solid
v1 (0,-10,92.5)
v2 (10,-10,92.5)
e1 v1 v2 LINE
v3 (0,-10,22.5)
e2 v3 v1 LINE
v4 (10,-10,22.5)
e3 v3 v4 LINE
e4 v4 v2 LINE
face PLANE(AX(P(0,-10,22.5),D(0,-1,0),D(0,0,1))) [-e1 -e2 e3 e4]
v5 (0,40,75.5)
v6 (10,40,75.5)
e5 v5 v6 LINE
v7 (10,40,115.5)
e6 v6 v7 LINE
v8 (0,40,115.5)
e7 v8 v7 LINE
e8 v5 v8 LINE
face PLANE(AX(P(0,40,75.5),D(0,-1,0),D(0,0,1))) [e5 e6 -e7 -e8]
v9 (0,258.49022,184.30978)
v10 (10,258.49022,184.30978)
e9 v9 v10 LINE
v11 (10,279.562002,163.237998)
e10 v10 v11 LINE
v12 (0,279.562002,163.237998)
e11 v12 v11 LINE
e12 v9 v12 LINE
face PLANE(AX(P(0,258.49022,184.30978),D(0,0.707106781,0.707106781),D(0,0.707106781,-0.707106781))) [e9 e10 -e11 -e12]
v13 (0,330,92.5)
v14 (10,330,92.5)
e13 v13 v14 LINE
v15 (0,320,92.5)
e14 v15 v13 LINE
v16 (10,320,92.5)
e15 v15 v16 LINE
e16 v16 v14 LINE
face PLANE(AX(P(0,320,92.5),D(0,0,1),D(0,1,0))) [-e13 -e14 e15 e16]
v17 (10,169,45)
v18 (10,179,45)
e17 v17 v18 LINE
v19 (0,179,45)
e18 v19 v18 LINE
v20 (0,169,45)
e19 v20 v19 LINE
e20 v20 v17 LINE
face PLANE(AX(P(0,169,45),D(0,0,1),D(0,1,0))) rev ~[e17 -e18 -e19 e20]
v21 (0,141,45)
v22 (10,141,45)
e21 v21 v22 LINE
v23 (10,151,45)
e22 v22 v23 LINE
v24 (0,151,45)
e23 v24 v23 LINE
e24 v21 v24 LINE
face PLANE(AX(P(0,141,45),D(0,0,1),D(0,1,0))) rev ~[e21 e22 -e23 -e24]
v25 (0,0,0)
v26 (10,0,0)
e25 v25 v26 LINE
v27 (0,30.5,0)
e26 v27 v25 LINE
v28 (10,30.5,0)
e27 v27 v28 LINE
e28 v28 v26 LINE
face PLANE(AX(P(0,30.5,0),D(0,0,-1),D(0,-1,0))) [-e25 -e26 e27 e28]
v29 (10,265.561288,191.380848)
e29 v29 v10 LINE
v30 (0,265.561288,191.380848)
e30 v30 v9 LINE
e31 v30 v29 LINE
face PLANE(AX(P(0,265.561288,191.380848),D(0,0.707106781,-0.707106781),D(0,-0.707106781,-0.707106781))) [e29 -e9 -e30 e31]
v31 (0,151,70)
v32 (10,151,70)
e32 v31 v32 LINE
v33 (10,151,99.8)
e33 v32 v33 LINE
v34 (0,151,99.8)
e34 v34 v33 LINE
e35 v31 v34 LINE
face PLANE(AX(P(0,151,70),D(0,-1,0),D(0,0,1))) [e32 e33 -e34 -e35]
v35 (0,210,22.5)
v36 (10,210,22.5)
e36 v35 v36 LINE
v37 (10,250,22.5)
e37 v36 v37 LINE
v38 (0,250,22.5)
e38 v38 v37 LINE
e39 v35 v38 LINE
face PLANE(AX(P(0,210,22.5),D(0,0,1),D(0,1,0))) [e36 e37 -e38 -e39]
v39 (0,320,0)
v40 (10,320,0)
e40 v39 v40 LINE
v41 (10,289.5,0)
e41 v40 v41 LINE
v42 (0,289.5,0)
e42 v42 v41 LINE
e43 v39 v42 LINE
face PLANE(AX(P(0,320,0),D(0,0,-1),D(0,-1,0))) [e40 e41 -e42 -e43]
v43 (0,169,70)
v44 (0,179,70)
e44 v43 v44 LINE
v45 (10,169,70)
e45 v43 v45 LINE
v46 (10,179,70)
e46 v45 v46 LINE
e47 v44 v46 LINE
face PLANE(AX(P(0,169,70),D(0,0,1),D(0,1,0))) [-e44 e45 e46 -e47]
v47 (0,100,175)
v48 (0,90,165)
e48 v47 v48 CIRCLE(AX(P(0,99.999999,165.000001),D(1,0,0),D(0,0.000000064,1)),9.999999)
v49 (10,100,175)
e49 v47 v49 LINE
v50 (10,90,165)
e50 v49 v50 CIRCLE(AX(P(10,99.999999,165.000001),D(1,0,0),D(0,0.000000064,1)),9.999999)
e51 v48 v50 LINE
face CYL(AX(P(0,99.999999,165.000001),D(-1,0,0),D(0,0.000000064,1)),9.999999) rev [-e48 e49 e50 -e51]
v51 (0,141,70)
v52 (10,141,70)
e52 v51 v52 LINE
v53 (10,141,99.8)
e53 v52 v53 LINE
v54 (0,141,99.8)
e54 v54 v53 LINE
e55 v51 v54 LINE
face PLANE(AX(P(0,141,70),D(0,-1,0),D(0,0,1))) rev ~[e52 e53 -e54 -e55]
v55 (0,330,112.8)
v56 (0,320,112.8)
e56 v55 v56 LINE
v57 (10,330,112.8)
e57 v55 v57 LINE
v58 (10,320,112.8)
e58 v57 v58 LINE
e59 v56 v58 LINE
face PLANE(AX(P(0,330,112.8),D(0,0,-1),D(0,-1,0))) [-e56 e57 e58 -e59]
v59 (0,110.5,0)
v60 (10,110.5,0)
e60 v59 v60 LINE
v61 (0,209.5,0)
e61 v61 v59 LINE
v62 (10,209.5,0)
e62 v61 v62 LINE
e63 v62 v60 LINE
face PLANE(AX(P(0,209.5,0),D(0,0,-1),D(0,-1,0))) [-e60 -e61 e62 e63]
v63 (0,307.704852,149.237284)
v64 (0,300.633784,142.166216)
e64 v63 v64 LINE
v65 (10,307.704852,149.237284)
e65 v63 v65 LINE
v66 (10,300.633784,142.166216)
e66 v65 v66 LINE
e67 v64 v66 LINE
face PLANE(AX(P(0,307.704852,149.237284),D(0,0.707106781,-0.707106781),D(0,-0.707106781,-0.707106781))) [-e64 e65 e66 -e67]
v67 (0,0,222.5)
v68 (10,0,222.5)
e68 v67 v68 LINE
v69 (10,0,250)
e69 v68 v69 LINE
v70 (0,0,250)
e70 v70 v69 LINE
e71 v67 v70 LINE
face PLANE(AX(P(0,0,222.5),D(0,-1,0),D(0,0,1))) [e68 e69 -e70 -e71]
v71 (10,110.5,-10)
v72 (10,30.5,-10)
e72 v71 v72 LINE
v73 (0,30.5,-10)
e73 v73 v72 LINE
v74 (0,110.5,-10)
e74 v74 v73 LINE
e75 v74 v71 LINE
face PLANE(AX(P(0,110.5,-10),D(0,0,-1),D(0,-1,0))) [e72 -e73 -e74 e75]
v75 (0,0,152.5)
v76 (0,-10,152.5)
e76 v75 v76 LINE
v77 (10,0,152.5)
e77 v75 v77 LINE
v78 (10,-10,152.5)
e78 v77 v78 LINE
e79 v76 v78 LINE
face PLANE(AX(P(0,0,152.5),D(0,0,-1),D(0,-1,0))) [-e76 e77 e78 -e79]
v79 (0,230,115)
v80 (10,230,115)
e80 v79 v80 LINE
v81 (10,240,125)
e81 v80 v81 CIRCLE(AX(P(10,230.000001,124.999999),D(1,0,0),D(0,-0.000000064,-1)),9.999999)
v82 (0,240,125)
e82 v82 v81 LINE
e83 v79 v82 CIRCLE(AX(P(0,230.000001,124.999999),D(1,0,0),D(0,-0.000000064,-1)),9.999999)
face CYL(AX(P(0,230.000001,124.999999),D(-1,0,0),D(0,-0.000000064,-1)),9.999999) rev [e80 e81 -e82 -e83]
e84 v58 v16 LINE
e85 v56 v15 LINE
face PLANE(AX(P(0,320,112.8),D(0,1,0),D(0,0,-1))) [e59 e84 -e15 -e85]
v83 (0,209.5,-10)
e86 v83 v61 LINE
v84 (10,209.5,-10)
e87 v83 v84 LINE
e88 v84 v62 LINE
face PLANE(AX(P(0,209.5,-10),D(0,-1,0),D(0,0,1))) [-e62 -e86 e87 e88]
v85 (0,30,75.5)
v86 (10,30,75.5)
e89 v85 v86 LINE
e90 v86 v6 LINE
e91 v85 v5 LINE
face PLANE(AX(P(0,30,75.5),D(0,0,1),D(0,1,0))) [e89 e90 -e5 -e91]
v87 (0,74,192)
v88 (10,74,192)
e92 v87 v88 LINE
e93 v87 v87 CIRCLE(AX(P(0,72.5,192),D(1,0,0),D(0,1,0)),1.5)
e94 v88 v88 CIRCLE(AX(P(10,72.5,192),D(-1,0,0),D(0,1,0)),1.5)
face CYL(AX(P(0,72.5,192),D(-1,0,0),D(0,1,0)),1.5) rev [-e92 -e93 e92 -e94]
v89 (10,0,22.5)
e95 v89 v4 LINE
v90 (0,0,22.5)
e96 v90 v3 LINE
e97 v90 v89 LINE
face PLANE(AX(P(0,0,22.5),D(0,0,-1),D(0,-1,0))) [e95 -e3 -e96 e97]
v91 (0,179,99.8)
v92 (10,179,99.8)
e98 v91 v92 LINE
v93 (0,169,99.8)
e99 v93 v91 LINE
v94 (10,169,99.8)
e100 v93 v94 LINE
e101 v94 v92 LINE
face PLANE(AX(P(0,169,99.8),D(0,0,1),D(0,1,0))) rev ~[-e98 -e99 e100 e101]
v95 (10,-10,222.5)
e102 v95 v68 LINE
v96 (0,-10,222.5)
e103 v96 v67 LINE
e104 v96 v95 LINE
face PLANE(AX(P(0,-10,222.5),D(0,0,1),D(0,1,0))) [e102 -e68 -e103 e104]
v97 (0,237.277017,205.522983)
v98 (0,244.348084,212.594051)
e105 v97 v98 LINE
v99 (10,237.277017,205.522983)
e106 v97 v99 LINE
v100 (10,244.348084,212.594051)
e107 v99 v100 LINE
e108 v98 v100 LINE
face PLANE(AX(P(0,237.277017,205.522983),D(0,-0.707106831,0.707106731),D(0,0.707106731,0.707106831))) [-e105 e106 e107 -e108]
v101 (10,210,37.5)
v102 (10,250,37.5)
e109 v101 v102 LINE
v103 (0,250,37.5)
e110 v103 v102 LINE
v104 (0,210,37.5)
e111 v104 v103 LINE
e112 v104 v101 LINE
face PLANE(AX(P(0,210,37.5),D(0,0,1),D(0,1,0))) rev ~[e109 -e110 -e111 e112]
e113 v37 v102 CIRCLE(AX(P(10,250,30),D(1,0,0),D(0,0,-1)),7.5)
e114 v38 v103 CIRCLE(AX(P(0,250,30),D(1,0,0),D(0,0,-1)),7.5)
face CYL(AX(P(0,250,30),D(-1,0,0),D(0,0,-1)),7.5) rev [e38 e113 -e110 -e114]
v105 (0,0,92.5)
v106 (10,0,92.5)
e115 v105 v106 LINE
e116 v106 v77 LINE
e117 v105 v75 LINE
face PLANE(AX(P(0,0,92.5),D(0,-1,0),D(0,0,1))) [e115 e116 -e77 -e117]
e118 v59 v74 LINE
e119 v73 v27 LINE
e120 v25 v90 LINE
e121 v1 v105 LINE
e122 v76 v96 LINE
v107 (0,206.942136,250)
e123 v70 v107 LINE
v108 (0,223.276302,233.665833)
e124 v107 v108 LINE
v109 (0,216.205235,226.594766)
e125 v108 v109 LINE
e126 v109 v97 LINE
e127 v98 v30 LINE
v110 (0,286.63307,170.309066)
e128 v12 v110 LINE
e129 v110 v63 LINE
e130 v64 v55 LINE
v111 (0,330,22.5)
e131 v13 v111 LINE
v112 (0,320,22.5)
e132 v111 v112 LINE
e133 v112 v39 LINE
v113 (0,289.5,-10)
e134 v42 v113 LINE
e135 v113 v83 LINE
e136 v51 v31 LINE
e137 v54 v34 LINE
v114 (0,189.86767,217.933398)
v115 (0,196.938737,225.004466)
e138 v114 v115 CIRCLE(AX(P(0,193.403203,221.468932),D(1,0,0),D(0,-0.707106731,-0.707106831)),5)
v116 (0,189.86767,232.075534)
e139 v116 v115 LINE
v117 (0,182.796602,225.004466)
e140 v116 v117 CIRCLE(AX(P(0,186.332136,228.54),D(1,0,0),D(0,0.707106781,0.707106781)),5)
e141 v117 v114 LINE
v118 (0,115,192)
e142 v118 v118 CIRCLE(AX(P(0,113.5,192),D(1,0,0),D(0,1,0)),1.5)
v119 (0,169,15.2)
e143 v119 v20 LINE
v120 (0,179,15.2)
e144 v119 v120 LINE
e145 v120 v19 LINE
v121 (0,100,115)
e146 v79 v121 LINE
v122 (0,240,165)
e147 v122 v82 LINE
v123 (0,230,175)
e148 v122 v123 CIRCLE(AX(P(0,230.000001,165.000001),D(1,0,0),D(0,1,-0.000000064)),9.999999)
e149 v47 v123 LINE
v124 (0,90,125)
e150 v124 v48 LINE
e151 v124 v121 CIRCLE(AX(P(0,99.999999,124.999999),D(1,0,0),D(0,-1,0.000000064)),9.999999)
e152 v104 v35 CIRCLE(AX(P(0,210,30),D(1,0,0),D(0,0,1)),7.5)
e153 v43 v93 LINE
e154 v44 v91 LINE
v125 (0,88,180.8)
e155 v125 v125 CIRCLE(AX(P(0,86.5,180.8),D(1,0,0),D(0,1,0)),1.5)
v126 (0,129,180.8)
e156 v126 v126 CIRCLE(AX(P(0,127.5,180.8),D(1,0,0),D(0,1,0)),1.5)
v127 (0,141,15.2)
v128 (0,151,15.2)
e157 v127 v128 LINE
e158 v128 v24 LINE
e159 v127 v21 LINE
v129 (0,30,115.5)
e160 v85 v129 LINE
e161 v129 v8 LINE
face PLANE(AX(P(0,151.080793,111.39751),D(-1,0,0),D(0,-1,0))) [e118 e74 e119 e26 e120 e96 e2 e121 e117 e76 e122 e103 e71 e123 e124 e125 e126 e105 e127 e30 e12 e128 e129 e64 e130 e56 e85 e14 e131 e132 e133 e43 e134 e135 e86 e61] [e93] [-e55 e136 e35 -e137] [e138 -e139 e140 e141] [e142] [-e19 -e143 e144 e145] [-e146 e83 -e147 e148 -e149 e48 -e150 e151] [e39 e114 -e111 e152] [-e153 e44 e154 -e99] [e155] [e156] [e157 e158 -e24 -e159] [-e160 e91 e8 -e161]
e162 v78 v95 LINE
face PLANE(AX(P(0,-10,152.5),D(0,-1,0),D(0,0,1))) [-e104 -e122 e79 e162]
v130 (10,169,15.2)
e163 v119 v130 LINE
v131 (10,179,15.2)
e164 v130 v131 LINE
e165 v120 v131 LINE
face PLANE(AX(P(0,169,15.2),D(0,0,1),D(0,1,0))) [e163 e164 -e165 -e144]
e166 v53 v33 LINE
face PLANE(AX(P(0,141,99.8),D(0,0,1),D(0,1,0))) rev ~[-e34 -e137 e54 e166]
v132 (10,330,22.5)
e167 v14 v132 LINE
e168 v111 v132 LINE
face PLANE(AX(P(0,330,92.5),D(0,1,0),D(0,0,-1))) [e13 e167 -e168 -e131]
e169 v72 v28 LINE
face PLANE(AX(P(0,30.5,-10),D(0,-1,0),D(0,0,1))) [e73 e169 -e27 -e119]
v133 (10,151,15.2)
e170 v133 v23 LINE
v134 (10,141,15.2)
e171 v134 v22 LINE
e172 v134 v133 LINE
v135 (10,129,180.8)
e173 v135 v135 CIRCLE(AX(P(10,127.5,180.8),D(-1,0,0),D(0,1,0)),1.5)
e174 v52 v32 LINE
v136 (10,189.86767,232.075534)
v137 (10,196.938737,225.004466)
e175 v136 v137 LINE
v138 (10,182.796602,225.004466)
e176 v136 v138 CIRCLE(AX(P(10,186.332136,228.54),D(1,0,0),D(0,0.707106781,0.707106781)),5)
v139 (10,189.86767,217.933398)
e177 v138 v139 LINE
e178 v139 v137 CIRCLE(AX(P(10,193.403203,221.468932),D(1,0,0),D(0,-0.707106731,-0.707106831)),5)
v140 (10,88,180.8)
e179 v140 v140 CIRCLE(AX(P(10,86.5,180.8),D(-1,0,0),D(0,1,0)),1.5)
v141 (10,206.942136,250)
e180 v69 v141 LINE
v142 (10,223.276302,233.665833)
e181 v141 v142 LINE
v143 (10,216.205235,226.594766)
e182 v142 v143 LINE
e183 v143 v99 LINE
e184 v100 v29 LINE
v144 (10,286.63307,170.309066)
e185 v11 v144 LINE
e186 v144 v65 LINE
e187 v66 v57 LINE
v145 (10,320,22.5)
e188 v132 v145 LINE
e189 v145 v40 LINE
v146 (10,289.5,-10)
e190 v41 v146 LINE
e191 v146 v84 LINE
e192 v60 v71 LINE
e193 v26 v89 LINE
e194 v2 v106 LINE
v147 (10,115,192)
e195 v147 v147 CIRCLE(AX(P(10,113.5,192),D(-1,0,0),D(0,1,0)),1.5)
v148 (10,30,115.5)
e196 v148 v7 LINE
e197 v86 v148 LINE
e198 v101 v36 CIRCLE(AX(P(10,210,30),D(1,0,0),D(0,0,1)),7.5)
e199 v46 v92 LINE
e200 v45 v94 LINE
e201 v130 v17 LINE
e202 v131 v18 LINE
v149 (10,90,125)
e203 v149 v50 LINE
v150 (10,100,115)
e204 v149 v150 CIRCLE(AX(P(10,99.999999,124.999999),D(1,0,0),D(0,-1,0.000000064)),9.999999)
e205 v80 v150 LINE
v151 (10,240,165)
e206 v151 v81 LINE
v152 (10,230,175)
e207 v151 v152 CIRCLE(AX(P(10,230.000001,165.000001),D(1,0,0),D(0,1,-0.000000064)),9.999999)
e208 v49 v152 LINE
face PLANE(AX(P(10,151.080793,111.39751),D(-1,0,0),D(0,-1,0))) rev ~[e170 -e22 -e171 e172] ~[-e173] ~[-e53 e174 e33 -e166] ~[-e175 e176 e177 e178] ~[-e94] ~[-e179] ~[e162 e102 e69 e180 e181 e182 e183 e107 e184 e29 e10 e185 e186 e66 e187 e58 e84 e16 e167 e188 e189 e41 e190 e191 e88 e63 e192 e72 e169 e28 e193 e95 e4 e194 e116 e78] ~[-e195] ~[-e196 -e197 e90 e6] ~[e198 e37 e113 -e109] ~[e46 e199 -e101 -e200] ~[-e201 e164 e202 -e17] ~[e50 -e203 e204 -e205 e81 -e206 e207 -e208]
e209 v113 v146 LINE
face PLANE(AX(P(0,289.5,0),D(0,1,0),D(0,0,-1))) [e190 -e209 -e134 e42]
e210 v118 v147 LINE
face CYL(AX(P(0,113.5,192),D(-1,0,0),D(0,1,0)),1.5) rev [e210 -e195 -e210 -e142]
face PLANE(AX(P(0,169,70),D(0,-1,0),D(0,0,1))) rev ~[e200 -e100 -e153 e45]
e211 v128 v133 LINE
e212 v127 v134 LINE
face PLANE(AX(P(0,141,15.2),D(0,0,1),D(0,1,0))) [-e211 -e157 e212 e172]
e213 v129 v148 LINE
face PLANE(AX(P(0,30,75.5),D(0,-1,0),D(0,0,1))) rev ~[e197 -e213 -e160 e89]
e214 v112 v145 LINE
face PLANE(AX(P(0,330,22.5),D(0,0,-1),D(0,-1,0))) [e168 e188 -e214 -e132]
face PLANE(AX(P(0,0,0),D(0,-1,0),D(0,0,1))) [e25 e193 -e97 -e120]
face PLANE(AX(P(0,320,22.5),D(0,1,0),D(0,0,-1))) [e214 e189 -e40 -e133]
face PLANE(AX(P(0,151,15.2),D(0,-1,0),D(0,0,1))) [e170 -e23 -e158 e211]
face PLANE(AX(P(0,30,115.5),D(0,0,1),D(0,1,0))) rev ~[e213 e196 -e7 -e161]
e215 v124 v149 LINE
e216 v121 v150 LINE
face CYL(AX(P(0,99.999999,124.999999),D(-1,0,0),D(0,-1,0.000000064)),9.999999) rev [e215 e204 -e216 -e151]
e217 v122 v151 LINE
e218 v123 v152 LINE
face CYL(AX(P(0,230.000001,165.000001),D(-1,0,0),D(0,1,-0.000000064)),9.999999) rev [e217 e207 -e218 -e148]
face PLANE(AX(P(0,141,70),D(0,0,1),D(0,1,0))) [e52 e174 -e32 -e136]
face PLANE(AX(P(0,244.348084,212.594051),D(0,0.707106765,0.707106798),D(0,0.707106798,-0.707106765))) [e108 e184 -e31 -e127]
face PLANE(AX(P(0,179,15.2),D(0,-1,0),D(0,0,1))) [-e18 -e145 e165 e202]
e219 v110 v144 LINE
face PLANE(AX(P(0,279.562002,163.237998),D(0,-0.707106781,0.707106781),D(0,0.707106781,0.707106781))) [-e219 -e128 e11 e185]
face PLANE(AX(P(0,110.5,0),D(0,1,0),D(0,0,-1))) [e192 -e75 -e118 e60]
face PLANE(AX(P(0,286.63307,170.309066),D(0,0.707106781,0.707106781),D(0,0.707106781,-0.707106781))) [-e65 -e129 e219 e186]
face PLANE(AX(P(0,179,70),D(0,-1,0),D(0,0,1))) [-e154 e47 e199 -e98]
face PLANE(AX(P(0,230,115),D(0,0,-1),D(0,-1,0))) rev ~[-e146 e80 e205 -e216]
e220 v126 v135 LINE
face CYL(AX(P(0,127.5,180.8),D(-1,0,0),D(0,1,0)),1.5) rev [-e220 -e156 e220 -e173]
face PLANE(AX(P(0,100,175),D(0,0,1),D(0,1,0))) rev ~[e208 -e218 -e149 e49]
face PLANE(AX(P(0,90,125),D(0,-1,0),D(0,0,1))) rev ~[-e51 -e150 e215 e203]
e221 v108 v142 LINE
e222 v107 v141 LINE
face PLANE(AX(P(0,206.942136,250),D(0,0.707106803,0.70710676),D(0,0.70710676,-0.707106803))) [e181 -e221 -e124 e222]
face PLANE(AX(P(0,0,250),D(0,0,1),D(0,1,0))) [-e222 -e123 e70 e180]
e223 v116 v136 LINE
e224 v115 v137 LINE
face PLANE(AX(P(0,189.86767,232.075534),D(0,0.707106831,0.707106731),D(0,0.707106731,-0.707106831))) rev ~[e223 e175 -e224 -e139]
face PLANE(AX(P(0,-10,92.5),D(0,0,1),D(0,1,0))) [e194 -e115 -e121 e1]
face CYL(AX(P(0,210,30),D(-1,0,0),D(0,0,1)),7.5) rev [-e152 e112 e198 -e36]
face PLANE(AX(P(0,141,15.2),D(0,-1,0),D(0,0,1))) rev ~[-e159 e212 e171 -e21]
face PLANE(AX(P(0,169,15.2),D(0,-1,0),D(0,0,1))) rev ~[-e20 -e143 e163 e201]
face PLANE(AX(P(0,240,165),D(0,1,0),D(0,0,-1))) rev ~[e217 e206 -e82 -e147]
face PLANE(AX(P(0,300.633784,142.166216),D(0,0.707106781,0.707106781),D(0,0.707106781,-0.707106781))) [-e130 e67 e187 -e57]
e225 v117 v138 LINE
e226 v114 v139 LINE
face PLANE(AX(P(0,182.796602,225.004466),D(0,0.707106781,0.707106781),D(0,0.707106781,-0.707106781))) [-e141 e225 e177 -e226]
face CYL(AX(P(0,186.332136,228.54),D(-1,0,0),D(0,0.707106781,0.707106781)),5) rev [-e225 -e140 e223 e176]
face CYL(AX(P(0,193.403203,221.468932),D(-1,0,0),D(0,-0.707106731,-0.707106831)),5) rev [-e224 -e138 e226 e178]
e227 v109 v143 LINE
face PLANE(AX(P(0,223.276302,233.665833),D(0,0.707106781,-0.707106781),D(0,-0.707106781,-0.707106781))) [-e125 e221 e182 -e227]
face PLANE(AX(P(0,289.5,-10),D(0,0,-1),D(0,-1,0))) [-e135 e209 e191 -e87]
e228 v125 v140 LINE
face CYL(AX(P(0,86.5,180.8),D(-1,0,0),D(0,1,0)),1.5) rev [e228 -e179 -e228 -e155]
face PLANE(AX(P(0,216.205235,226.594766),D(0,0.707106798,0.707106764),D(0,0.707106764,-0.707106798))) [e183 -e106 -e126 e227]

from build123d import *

# Parameters (mm, degrees)
SKETCH_W     = 10
SKETCH_H     = 40
SKETCH_H_2   = 29.8
PAD_DEPTH    = 10
SKETCH001_R  = 1.5
POCKET_DEPTH = 10.001


with BuildPart() as part:
    # Sketch → Pad (new body)
    with BuildSketch(Plane.YZ):
        Polygon((0, 0), (0, 22.5), (-10, 22.5), (-10, 92.5), (0, 92.5), (0, 152.5), (-10, 152.5), (-10, 222.5), (0, 222.5), (0, 250), (206.942136, 250), (223.276302, 233.665833), (216.205235, 226.594766), (237.277017, 205.522983), (244.348084, 212.594051), (265.561288, 191.380848), (258.49022, 184.30978), (279.562002, 163.237998), (286.63307, 170.309066), (307.704852, 149.237284), (300.633784, 142.166216), (330, 112.8), (320, 112.8), (320, 92.5), (330, 92.5), (330, 22.5), (320, 22.5), (320, 0), (289.5, 0), (289.5, -10), (209.5, -10), (209.5, 0), (110.5, 0), (110.5, -10), (30.5, -10), (30.5, 0), align=None)
        with Locations((35, 95.5)):
            Rectangle(SKETCH_W, SKETCH_H, mode=Mode.SUBTRACT)
        with Locations((146, 84.9)):
            Rectangle(SKETCH_W, SKETCH_H_2, mode=Mode.SUBTRACT)
        with Locations((146, 30.1)):
            Rectangle(SKETCH_W, SKETCH_H_2, mode=Mode.SUBTRACT)
        with Locations((174, 84.9)):
            Rectangle(SKETCH_W, SKETCH_H_2, mode=Mode.SUBTRACT)
        with Locations((174, 30.1)):
            Rectangle(SKETCH_W, SKETCH_H_2, mode=Mode.SUBTRACT)
        with BuildLine():
            Line((100, 175), (230, 175))
            ThreePointArc((240, 165), (237.071068, 172.071068), (230, 175))
            Line((240, 165), (240, 125))
            ThreePointArc((230, 115), (237.071068, 117.928932), (240, 125))
            Line((230, 115), (100, 115))
            ThreePointArc((90, 125), (92.928932, 117.928932), (100, 115))
            Line((90, 125), (90, 165))
            ThreePointArc((100, 175), (92.928932, 172.071068), (90, 165))
        make_face(mode=Mode.SUBTRACT)
        with BuildLine():
            ThreePointArc((189.86767, 232.075534), (182.796602, 232.075534), (182.796602, 225.004466))
            Line((182.796602, 225.004466), (189.86767, 217.933398))
            ThreePointArc((189.86767, 217.933398), (196.938737, 217.933398), (196.938737, 225.004466))
            Line((189.86767, 232.075534), (196.938737, 225.004466))
        make_face(mode=Mode.SUBTRACT)
        with BuildLine():
            ThreePointArc((210, 37.5), (202.5, 30), (210, 22.5))
            Line((210, 22.5), (250, 22.5))
            ThreePointArc((250, 22.5), (257.5, 30), (250, 37.5))
            Line((210, 37.5), (250, 37.5))
        make_face(mode=Mode.SUBTRACT)
    extrude(amount=PAD_DEPTH)

    # Sketch001 → Pocket (cut, through all)
    with BuildSketch(Plane.YZ):
        with Locations((72.5, 192)):
            Circle(SKETCH001_R)
        with Locations((86.5, 180.8)):
            Circle(SKETCH001_R)
        with Locations((113.5, 192)):
            Circle(SKETCH001_R)
        with Locations((127.5, 180.8)):
            Circle(SKETCH001_R)
    extrude(amount=POCKET_DEPTH, mode=Mode.SUBTRACT)


solid = part.part
